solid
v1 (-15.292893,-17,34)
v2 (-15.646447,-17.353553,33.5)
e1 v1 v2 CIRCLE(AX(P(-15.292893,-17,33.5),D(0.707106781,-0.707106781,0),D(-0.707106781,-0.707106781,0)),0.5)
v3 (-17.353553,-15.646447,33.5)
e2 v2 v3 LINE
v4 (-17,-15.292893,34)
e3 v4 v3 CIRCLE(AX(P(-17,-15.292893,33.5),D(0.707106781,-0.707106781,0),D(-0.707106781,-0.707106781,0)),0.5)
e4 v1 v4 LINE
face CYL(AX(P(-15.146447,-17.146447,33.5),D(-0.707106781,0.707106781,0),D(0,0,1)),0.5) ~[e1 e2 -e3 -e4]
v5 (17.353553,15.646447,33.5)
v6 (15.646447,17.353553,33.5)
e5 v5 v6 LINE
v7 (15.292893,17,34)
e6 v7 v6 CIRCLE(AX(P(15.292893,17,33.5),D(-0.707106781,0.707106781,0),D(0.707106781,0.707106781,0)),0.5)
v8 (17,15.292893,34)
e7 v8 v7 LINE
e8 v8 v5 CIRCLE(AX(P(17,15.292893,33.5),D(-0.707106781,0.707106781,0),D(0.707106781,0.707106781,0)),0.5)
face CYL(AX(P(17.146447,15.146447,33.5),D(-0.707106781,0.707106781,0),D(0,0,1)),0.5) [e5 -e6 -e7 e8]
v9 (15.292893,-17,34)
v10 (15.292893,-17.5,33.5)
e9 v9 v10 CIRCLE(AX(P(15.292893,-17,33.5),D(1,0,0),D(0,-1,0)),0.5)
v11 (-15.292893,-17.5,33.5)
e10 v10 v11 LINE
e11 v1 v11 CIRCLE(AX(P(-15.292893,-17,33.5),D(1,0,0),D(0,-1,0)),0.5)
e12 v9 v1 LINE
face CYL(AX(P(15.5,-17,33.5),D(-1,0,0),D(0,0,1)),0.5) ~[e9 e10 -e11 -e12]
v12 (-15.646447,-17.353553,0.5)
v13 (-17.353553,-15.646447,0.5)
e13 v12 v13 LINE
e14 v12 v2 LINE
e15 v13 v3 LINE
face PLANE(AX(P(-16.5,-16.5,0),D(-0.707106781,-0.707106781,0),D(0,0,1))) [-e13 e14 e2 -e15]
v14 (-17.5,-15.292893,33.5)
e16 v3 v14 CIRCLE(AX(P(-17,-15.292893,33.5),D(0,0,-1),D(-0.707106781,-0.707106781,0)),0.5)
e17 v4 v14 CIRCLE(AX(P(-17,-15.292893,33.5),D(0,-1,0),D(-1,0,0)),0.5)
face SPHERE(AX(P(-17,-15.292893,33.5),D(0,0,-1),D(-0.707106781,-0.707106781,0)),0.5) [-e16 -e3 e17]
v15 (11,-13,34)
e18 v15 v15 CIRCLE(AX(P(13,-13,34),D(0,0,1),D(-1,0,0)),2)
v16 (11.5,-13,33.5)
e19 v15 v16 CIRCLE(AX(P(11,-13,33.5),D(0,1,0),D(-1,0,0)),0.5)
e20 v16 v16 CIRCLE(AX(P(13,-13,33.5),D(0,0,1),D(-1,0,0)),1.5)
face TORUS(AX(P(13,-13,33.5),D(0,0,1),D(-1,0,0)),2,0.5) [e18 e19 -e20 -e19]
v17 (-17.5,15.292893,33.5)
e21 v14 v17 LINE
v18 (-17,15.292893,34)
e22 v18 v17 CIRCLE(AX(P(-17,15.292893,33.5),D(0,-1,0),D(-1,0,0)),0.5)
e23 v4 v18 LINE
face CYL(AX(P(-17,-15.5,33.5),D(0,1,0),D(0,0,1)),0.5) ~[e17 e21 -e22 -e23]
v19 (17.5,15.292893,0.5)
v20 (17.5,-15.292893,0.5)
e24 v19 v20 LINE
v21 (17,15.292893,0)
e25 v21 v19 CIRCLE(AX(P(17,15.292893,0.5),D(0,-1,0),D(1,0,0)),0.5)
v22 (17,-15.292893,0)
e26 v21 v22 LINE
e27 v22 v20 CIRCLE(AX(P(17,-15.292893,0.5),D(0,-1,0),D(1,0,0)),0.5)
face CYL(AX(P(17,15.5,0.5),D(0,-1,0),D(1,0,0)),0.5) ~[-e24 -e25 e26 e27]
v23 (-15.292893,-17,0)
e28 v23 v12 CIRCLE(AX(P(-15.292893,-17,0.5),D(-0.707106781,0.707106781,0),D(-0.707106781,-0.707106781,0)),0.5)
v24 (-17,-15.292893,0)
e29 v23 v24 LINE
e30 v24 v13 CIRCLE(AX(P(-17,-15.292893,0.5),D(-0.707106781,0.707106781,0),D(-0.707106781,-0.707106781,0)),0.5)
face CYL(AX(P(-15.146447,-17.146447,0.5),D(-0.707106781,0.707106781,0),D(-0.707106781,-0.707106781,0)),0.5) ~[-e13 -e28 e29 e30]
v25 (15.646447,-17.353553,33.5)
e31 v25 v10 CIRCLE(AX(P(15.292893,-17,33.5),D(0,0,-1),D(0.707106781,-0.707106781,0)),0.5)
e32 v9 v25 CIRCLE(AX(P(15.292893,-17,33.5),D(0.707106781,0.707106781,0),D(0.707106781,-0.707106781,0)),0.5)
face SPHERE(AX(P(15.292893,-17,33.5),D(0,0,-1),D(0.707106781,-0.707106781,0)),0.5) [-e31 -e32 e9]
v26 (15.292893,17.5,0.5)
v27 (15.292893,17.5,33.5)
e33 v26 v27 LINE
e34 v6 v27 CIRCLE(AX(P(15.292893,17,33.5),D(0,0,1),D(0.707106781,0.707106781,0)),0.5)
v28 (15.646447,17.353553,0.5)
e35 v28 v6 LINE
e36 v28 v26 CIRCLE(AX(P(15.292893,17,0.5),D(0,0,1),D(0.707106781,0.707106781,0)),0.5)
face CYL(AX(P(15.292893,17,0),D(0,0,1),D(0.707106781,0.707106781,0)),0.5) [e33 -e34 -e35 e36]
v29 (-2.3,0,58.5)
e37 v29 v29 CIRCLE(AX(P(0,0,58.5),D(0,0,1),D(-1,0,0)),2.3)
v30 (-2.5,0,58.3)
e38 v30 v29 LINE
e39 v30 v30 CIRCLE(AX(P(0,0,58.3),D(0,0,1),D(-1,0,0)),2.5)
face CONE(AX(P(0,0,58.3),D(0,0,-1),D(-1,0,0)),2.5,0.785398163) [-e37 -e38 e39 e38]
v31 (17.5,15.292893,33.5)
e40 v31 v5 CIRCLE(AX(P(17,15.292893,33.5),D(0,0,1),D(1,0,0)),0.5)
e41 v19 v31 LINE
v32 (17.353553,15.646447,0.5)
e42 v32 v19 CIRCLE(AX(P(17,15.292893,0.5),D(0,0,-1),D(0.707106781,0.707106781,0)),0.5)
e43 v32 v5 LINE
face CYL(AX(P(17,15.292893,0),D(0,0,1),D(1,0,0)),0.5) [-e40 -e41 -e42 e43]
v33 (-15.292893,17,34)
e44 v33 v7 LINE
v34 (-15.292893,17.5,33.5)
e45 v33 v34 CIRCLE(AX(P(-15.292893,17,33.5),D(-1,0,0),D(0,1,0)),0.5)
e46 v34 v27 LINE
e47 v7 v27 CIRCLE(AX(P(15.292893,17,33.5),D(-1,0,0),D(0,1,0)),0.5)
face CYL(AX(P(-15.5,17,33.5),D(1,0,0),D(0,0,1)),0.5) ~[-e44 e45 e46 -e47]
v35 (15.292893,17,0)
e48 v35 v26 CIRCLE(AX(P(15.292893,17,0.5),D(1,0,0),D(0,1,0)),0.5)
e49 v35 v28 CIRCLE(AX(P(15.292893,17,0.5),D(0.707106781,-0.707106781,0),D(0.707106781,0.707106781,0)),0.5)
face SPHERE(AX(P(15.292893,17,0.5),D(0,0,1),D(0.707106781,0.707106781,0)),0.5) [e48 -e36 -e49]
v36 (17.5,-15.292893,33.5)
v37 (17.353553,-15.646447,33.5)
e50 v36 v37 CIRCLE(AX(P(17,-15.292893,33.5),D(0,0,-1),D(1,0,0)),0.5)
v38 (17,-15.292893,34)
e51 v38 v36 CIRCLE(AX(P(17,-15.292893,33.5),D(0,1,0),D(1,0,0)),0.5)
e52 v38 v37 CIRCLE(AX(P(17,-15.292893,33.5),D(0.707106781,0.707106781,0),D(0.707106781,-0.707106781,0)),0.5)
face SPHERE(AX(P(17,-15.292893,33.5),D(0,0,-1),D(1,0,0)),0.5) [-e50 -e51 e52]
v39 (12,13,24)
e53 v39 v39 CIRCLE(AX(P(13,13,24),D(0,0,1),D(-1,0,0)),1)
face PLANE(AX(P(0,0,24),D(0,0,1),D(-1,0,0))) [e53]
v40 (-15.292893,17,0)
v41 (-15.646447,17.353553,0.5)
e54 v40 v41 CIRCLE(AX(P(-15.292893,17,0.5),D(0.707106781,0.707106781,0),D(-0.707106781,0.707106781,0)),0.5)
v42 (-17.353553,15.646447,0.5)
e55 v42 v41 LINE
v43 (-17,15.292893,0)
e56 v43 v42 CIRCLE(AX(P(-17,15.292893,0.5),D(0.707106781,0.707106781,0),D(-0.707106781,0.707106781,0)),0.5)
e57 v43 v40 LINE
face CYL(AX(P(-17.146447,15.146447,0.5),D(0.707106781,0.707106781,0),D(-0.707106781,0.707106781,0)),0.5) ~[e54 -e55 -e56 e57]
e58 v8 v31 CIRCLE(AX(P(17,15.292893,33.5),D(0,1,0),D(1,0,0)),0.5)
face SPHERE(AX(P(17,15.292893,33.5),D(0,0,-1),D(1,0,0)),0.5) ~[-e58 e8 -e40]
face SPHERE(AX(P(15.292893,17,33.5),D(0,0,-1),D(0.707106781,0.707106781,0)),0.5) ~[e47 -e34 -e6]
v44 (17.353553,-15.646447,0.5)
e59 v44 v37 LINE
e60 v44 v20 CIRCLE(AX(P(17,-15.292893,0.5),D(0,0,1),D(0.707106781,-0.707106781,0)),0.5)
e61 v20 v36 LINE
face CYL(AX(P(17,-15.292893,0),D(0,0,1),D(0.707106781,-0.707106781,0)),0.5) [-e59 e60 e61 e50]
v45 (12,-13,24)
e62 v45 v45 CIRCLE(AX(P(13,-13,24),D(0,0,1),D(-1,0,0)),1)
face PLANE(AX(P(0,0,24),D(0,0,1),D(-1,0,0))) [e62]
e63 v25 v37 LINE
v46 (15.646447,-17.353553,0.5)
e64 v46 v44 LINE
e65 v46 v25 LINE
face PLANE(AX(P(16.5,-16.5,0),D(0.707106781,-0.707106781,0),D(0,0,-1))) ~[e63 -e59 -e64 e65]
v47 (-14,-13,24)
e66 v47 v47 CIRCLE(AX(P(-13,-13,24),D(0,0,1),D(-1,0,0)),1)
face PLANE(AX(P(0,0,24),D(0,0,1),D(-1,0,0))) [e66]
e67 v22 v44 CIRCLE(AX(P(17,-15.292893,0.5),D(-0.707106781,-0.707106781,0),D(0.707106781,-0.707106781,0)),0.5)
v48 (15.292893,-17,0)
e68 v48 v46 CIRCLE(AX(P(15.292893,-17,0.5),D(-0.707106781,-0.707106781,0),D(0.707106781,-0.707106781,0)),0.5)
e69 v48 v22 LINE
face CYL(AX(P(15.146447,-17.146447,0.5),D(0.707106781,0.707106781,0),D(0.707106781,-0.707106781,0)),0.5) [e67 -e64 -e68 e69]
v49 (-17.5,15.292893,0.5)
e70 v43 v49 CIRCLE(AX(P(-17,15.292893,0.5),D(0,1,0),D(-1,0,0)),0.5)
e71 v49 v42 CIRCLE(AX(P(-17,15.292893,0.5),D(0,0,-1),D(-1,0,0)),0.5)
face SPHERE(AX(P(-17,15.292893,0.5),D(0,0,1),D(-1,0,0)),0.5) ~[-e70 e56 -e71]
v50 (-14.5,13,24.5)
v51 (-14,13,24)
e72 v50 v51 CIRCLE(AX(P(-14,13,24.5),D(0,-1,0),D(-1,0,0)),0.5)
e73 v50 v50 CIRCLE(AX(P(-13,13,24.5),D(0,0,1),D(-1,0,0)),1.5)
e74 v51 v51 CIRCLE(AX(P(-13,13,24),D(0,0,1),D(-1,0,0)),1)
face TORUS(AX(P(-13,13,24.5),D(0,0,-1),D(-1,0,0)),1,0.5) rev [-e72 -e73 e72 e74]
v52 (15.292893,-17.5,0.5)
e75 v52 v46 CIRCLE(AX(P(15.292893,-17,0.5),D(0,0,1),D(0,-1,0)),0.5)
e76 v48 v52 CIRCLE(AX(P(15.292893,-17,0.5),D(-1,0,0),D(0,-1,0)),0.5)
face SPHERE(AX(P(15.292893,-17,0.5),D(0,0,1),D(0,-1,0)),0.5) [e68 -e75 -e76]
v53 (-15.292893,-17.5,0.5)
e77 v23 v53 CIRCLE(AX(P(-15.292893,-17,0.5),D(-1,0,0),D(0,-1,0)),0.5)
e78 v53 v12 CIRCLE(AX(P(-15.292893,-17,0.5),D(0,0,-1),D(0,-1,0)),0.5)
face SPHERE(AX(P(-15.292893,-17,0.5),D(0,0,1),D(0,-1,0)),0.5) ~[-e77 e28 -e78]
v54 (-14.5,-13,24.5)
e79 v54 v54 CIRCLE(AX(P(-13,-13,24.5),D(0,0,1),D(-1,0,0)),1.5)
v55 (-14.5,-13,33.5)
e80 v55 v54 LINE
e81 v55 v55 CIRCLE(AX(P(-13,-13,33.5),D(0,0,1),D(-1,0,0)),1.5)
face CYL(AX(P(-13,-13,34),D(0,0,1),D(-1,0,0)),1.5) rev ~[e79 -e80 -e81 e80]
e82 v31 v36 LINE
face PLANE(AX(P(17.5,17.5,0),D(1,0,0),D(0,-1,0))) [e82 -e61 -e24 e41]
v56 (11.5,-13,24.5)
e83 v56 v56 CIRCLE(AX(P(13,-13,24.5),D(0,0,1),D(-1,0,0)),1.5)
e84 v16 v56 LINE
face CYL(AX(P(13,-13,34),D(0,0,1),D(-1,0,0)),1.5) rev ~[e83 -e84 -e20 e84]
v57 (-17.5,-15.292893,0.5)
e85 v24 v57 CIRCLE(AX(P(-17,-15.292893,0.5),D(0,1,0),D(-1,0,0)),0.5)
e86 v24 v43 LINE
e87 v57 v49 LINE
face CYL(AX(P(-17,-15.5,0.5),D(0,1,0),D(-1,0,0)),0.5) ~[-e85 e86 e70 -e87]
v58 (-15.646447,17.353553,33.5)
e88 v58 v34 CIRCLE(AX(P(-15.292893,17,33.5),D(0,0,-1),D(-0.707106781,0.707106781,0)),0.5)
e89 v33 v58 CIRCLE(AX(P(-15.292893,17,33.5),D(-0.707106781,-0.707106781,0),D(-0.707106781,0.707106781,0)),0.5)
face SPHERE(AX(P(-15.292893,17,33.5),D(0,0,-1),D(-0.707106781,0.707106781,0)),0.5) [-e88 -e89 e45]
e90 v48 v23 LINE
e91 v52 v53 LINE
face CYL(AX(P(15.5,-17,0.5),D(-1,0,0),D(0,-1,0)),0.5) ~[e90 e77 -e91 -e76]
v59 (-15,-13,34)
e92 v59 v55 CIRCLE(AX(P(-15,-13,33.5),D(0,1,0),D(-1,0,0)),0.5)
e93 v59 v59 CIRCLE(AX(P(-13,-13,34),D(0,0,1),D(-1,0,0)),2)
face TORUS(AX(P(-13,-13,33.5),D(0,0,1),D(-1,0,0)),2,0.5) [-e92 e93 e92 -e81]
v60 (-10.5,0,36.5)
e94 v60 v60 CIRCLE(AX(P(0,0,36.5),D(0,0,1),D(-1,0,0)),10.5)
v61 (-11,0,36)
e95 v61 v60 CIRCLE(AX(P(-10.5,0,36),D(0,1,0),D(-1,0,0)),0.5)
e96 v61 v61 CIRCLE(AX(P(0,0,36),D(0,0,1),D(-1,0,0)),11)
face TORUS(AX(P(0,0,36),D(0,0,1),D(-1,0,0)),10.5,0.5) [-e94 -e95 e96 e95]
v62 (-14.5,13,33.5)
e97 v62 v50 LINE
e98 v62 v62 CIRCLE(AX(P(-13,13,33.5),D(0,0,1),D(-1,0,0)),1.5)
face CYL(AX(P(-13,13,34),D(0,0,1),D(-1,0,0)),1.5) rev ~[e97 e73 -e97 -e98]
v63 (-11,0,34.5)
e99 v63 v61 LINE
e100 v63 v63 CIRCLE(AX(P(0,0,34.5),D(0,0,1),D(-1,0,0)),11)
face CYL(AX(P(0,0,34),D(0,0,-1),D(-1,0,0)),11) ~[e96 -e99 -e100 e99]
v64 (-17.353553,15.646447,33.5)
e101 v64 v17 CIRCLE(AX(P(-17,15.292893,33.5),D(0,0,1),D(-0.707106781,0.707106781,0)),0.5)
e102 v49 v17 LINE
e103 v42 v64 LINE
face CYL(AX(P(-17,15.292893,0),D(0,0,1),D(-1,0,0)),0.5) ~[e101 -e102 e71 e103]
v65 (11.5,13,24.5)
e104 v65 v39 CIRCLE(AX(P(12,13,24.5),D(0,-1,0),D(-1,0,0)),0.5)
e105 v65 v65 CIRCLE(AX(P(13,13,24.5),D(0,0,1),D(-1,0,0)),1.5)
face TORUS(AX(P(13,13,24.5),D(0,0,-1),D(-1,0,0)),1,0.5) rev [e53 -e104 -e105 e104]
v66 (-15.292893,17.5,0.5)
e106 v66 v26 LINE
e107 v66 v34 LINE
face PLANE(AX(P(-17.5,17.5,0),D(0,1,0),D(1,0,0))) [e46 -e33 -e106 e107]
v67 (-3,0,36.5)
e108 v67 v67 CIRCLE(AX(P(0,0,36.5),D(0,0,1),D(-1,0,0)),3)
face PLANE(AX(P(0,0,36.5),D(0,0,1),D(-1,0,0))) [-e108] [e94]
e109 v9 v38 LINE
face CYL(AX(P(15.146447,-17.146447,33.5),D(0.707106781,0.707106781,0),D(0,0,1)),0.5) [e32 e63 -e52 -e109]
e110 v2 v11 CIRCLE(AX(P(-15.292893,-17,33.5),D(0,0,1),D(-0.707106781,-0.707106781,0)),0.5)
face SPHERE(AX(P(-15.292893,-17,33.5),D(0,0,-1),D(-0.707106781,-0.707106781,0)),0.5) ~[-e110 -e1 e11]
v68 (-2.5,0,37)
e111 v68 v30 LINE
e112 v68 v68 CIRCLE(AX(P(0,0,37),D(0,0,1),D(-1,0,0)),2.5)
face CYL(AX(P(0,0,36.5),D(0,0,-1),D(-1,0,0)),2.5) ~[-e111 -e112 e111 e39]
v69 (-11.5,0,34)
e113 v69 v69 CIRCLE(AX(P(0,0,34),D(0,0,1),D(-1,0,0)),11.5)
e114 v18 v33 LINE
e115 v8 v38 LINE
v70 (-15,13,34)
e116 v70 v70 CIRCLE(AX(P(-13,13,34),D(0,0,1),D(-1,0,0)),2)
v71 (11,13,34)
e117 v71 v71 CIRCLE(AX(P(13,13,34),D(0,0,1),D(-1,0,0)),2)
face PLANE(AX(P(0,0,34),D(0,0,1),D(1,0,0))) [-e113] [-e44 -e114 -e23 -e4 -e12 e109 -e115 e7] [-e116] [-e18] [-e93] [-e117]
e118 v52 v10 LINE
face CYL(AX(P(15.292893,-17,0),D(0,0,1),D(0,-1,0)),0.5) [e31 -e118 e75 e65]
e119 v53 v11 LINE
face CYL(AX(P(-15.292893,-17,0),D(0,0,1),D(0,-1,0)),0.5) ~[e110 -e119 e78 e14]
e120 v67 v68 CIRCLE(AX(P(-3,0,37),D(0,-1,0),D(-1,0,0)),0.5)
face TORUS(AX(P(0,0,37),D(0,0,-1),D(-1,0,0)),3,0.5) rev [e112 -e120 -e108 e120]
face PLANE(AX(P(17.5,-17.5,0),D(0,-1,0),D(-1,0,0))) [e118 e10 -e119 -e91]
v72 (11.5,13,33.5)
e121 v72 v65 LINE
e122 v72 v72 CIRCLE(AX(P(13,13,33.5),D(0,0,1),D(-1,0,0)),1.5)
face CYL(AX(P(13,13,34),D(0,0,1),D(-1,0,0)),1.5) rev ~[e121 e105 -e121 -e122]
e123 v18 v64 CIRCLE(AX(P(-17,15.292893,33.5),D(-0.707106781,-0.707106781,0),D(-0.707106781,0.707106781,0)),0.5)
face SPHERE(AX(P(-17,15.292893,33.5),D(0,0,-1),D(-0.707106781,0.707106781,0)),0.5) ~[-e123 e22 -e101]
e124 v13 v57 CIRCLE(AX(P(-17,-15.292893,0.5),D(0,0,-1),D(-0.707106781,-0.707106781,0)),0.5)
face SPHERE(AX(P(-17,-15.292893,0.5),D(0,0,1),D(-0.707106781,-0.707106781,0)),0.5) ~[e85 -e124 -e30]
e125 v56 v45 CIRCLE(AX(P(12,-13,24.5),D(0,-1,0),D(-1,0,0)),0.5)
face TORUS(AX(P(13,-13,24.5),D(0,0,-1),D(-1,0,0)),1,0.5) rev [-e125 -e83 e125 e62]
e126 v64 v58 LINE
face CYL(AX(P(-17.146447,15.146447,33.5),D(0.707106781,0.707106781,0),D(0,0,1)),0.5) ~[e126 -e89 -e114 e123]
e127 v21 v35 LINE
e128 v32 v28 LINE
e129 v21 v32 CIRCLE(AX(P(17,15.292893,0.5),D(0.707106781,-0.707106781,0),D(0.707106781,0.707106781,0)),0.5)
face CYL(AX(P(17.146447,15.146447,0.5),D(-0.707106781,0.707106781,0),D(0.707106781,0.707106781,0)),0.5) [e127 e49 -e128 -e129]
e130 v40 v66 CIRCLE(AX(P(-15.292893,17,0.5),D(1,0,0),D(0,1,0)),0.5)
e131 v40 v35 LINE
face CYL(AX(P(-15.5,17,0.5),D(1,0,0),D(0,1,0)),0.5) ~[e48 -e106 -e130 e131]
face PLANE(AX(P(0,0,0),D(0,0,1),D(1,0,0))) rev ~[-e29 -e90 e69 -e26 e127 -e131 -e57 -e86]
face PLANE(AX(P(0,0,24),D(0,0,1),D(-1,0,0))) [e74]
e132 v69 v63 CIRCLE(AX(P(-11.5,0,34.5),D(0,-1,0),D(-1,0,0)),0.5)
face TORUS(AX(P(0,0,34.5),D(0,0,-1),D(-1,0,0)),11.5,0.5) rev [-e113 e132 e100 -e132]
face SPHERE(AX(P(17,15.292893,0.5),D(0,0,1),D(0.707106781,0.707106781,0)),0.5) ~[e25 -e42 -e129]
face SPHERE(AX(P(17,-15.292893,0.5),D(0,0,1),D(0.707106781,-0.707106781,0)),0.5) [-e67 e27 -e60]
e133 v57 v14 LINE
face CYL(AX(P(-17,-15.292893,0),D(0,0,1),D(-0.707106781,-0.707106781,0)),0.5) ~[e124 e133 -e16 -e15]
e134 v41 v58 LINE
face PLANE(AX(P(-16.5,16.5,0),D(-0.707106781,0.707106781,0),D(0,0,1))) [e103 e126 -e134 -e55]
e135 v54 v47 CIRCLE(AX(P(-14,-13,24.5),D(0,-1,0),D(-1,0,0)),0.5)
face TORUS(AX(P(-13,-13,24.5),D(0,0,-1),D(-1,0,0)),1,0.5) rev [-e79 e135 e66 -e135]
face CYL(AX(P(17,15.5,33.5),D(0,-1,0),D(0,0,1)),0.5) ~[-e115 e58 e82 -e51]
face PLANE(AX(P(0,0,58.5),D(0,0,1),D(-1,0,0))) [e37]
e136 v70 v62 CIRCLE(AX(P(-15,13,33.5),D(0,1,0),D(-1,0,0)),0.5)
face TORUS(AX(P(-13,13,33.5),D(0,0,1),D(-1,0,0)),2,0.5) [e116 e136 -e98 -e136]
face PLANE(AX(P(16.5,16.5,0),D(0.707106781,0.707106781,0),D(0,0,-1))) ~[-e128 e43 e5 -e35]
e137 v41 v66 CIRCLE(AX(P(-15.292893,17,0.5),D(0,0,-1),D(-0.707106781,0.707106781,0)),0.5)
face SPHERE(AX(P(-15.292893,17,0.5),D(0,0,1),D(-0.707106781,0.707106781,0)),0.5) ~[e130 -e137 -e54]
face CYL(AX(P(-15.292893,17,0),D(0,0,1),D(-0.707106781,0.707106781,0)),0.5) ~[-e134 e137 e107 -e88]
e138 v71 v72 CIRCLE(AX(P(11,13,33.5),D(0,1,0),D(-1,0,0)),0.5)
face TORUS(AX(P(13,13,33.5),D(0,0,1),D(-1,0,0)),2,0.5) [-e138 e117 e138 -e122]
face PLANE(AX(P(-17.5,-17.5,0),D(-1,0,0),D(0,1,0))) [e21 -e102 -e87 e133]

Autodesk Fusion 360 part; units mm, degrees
sketch "Sketch1" plane through (0, 0, 0) normal (0, 0, 1) x (1, 0, 0)
  line L0 (17.5, -17.5) -> (-17.5, -17.5)
  line L1 (-17.5, -17.5) -> (-17.5, 17.5)
  line L2 (-17.5, 17.5) -> (17.5, 17.5)
  line L3 (17.5, 17.5) -> (17.5, -17.5)
  line L4 (17.5, -17.5) -> (-17.5, 17.5) construction
  line L5 (-17.5, -17.5) -> (17.5, 17.5) construction
  dimension "d1" = 35
  dimension "d2" = 35
extrude "Extrude1" add sketch "Sketch1" along normal blind 34
sketch "Sketch2" plane through (0, 0, 34) normal (0, 0, 1) x (-1, 0, 0)
  line L0 (-17.5, -17.5) -> (17.5, -17.5)
  line L1 (17.5, -17.5) -> (17.5, 17.5)
  line L2 (17.5, 17.5) -> (-17.5, 17.5)
  line L3 (-17.5, 17.5) -> (-17.5, -17.5)
  circle A0 centre (0, 0) radius 11
  line L4 (-13, 13) -> (13, 13) construction
  line L5 (13, 13) -> (13, -13) construction
  line L6 (13, -13) -> (-13, -13) construction
  line L7 (-13, -13) -> (-13, 13) construction
  line L8 (-13, 13) -> (13, -13) construction
  line L9 (13, 13) -> (-13, -13) construction
  circle A1 centre (13, -13) radius 1.5
  circle A2 centre (-13, -13) radius 1.5
  circle A3 centre (-13, 13) radius 1.5
  circle A4 centre (13, 13) radius 1.5
  dimension "d5" = 22
  dimension "d6" = 26
  dimension "d7" = 26
  dimension "d8" = 3
  dimension "d9" = 3
  dimension "d10" = 3
  dimension "d11" = 3
extrude "Extrude2" cut sketch "Sketch2" against normal blind 10 contours A1 | A2 | A3 | A4
extrude "Extrude3" add sketch "Sketch2" along normal blind 2.5 contours A0
sketch "Sketch3" plane through (0, 0, 36.5) normal (0, 0, 1) x (-1, 0, 0)
  circle A0 centre (0, 0) radius 11
  circle A1 centre (0, 0) radius 2.5
  dimension "d16" = 5
extrude "Extrude4" add sketch "Sketch3" along normal blind 22 contours A1
chamfer "Chamfer1" distance 0.2 angle 45 1 edges at (2.3308, 0.904, 58.5)
chamfer "Chamfer2" distance 2 angle 45 4 edges at (17.5, -17.5, 17) (-17.5, -17.5, 17) (17.5, 17.5, 17) (-17.5, 17.5, 17)
fillet "Fillet1" radius 0.5 20 faces at (17.5, -5.1667, 22.6667) (-10.9863, 0.5483, 35.6667) (16.8333, -16.1667, 11.3333) (-12.75, -12.567, 24) (-5.1667, 5.8333, 0) (11.5019, 13.0748, 27.3333) (-16.1667, 16.8333, 11.3333) (-16.8333, -16.1667, 11.3333) (16.1667, 16.8333, 11.3333) (-0.274, -15.3231, 34) (5.1667, 17.5, 22.6667) (-5.1667, -17.5, 22.6667) (-17.5, 5.1667, 22.6667) (-8.1257, 0.5465, 36.5) (13.8598, 12.9255, 24) (-14.4981, -12.9252, 27.3333) (-12.75, 13.433, 24) (13.25, -12.567, 24) (11.5019, -12.9252, 27.3333) (-14.4981, 13.0748, 27.3333)
